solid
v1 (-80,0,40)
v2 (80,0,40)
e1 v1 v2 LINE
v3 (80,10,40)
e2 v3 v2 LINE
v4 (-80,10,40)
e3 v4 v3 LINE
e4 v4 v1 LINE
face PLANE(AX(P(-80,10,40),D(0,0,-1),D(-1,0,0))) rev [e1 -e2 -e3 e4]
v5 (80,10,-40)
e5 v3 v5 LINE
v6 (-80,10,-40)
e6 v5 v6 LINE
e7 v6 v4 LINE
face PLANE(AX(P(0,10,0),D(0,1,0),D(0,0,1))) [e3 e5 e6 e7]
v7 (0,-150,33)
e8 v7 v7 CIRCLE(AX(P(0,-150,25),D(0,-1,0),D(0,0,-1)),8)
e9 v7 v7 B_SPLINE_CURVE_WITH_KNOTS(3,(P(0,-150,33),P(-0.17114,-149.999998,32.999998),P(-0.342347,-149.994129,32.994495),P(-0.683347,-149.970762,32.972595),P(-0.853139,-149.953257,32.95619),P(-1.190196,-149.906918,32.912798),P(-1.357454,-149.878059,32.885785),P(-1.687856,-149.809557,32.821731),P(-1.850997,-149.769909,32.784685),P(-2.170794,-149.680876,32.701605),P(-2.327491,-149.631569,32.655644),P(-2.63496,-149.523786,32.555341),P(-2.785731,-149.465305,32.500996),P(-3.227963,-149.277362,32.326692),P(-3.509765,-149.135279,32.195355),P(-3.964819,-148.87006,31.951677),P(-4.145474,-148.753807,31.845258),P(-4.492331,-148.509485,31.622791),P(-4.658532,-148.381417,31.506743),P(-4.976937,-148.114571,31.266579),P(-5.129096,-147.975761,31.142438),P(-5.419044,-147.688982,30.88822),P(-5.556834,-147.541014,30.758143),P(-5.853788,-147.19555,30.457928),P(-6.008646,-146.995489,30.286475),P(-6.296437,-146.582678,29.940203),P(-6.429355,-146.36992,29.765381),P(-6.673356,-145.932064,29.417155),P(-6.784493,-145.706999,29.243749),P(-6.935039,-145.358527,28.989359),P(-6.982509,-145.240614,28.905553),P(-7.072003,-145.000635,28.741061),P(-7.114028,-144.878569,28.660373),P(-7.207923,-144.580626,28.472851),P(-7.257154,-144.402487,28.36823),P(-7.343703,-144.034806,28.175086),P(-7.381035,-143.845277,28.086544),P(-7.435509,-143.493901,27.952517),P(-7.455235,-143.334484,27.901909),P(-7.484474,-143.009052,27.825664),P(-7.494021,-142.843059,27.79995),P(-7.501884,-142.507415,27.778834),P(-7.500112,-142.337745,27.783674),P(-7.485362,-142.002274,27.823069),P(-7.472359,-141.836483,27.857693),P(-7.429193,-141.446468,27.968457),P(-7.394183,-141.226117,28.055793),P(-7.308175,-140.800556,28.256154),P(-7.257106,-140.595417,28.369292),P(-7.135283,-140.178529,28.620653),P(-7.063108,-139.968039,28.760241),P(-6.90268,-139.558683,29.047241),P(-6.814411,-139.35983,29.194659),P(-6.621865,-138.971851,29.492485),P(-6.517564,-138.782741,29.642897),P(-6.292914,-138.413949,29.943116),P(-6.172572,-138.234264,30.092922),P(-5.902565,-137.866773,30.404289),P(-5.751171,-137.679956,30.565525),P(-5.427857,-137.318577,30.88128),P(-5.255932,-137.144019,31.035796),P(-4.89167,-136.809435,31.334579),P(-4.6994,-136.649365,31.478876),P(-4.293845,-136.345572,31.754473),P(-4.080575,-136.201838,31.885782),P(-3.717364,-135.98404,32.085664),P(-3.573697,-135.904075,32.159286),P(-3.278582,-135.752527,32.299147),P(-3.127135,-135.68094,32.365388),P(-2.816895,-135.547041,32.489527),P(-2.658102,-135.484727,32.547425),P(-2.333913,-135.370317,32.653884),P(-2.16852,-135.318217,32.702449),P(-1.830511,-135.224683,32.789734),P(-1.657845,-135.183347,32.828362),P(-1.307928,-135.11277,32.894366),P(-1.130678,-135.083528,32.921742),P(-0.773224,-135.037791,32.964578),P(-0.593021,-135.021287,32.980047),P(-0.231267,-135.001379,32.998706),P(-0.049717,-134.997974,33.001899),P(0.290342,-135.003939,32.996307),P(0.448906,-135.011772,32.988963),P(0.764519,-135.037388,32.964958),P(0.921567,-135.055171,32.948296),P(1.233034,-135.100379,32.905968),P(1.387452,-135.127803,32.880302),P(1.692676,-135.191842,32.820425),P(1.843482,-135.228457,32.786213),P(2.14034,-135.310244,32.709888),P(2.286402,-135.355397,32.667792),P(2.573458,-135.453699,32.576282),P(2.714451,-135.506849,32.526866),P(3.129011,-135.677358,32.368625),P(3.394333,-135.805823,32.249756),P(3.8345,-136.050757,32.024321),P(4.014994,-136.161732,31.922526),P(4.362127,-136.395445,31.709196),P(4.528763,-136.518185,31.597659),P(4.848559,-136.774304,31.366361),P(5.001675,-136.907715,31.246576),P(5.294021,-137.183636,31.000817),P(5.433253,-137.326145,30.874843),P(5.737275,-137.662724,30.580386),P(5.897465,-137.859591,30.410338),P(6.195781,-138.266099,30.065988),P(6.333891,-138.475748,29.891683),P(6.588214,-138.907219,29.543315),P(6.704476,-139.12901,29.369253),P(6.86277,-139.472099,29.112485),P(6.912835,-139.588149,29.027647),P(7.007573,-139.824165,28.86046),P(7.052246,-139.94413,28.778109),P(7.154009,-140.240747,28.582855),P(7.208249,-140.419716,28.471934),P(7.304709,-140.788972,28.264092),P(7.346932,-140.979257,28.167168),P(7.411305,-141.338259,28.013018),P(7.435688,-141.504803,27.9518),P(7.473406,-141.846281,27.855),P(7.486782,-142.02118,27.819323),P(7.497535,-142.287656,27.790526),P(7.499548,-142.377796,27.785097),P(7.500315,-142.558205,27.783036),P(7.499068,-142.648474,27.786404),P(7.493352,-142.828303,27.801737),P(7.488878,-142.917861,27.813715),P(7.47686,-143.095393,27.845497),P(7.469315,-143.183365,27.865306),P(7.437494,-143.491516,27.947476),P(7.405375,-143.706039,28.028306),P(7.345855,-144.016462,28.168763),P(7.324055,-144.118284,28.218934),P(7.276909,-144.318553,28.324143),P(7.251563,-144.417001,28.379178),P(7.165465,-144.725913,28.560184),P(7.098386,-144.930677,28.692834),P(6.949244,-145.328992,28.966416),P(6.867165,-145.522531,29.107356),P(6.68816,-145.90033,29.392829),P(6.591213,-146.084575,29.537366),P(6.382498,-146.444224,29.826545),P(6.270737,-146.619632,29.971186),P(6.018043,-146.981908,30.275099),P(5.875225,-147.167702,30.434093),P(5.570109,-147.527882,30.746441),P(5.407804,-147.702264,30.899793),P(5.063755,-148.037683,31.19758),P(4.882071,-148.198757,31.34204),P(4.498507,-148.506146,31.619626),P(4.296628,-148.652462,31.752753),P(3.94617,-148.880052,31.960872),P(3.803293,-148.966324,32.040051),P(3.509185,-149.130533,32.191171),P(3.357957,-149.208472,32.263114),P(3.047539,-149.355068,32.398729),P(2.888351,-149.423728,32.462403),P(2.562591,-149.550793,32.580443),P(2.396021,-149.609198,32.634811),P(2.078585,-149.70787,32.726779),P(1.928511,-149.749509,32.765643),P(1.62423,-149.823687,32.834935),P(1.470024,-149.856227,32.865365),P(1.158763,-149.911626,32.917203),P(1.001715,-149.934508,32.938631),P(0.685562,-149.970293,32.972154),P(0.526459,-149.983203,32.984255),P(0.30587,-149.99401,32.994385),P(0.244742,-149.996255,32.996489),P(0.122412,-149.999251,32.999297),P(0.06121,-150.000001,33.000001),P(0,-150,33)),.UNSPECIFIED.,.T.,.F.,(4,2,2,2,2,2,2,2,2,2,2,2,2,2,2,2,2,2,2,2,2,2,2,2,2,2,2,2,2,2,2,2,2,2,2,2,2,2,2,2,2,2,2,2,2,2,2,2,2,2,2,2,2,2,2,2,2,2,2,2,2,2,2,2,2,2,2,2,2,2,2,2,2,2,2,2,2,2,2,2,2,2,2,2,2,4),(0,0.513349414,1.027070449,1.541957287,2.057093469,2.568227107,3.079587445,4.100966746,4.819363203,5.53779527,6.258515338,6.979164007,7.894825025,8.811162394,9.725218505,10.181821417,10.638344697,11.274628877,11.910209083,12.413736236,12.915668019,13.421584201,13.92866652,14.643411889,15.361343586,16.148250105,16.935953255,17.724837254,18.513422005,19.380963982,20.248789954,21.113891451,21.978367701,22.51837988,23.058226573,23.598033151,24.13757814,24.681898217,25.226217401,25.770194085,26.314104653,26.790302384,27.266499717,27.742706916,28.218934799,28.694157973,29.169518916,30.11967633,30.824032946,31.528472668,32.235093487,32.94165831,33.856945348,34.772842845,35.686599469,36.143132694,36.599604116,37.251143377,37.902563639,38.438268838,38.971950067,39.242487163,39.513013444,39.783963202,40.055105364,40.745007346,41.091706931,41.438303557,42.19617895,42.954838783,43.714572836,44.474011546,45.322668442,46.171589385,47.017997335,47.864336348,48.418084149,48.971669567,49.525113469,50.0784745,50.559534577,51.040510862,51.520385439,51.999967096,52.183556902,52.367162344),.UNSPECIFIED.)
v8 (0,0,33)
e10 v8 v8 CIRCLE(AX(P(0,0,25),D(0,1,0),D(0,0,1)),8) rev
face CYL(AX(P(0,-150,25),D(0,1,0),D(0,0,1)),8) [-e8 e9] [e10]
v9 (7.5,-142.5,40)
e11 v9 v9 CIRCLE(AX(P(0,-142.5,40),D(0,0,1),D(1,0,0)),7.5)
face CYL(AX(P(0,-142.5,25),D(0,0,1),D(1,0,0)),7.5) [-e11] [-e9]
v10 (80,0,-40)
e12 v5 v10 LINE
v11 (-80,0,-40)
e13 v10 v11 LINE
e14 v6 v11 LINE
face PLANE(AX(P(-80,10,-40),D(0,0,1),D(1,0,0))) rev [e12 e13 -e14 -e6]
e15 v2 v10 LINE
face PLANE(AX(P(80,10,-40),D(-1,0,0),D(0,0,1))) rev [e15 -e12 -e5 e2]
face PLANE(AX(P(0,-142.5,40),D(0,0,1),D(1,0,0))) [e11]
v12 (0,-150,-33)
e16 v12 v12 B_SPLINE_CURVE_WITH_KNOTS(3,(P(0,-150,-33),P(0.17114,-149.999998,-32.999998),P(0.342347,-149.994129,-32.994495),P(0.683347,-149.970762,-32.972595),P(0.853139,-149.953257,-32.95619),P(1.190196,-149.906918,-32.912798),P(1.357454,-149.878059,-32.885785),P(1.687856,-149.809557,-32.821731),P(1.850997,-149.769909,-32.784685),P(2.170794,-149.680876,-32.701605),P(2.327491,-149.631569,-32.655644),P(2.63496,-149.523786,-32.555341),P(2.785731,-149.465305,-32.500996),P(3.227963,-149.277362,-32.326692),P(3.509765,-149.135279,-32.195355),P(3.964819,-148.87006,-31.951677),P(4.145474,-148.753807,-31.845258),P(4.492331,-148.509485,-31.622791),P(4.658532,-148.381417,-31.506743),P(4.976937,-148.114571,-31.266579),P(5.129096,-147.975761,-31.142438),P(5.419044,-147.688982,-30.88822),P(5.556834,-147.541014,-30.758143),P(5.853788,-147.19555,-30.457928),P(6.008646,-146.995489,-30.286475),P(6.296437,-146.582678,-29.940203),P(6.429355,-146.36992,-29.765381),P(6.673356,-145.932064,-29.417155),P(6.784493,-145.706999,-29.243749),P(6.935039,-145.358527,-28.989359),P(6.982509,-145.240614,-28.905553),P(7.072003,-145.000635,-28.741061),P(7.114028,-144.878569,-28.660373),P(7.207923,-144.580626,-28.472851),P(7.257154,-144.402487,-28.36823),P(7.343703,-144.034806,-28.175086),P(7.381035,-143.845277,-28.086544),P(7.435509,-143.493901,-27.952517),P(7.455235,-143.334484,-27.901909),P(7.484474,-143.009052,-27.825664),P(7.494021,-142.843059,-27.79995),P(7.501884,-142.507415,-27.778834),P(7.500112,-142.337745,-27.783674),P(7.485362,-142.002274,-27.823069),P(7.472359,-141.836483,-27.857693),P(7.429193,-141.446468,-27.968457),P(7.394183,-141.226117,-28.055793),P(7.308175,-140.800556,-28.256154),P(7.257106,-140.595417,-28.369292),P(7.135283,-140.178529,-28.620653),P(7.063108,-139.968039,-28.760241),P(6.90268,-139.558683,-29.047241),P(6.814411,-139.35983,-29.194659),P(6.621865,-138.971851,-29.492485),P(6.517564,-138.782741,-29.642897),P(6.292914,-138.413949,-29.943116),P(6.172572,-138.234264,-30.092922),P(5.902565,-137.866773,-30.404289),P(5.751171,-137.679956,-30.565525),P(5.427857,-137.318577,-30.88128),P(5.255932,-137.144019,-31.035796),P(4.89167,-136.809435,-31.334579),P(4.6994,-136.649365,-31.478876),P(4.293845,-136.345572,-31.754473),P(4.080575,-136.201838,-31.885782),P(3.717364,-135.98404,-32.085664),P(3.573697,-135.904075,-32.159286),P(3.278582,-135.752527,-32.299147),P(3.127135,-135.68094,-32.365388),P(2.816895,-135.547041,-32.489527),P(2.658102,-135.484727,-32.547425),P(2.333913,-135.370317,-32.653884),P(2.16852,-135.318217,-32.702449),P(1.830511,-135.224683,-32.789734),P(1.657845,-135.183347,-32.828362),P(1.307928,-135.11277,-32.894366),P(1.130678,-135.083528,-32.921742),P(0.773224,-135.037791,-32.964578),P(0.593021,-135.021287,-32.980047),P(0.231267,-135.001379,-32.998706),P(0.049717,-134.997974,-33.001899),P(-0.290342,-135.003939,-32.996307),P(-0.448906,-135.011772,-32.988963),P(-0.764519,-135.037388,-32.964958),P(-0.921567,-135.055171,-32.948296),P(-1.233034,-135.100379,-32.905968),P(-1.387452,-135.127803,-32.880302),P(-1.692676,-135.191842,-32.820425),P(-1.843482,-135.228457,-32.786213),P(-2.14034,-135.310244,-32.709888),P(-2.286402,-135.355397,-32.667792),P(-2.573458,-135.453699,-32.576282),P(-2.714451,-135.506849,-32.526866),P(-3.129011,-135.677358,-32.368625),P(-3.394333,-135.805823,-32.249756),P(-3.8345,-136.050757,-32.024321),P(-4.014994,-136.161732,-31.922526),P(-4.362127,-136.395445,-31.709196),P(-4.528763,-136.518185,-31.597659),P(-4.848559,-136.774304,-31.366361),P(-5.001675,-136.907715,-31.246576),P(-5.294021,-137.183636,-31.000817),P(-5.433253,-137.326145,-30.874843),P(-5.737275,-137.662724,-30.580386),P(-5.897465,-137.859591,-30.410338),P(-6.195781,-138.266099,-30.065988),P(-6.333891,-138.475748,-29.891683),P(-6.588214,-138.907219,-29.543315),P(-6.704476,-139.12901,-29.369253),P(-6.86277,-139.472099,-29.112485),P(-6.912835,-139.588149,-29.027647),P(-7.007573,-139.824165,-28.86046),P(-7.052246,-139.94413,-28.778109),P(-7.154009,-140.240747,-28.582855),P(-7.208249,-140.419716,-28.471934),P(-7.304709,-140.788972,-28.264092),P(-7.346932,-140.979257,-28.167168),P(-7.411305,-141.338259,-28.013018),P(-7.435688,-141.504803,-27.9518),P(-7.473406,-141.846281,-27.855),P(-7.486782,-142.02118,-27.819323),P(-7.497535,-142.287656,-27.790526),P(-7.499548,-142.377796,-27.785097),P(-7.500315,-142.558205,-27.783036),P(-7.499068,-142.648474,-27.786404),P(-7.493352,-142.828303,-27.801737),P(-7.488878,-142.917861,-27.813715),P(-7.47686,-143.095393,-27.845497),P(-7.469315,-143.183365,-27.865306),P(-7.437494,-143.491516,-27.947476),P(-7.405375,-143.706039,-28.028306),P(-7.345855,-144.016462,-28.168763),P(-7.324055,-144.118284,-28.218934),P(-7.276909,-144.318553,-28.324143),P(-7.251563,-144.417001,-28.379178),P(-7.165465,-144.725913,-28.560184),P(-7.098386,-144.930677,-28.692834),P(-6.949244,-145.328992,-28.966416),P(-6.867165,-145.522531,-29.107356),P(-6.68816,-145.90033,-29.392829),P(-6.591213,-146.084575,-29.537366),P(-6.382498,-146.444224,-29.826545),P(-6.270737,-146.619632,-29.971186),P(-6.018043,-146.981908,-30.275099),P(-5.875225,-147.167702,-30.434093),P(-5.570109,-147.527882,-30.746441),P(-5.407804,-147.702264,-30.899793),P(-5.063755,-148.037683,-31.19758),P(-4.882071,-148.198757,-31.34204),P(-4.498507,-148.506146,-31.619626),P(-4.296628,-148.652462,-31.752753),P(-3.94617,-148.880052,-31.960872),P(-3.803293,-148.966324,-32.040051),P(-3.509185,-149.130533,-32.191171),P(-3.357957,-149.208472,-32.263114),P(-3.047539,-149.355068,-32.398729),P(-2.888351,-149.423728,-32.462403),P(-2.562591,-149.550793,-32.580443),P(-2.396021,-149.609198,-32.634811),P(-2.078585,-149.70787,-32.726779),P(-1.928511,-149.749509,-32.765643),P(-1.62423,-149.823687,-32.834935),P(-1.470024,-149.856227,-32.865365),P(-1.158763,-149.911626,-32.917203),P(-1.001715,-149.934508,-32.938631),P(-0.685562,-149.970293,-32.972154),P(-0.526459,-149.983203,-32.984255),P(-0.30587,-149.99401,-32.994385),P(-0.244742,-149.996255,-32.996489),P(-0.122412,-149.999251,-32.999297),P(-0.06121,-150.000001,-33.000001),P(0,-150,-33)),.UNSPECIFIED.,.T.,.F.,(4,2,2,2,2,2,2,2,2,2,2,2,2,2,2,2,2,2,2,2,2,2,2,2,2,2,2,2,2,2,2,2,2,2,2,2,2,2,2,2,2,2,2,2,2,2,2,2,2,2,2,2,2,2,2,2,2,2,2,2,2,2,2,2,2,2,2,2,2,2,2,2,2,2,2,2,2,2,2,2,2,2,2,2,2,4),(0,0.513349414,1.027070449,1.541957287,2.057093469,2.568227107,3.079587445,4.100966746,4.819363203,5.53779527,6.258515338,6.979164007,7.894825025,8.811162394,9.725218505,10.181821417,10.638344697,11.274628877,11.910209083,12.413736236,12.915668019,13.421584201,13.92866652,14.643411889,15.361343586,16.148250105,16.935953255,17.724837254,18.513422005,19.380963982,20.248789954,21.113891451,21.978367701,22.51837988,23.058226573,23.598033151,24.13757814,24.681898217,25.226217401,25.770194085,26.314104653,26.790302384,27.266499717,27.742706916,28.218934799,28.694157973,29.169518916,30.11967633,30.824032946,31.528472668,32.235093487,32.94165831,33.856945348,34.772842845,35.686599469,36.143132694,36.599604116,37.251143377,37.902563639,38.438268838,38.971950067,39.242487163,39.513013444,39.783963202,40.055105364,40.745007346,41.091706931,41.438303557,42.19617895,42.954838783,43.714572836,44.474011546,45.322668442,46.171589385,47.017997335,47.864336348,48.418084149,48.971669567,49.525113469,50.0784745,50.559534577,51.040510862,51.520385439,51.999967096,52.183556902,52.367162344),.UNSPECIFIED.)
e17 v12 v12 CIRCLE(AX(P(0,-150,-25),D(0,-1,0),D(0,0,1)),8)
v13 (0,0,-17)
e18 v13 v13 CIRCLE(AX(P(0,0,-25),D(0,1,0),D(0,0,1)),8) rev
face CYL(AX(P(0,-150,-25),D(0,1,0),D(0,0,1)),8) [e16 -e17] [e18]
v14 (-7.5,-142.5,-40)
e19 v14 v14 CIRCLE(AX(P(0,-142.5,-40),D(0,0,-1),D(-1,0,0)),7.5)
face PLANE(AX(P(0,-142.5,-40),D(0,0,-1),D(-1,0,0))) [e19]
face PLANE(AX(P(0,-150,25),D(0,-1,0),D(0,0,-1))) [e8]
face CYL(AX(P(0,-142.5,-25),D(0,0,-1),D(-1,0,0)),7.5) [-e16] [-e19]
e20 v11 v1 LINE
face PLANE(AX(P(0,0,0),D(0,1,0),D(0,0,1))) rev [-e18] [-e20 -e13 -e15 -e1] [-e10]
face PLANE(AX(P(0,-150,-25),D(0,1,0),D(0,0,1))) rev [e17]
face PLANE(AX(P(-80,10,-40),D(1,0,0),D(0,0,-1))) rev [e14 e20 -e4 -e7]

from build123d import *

# Parameters (mm, degrees)
SKETCH_1_W      = 160
SKETCH_1_H      = 80
EXTRUDE_1_DEPTH = 10
SKETCH_2_R      = 8
EXTRUDE_2_DEPTH = 150
SKETCH_3_R      = 7.5
EXTRUDE_3_DEPTH = 15
EXTRUDE_START   = -15
SKETCH_4_R      = 7.5
EXTRUDE_4_DEPTH = 15


with BuildPart() as part:
    # 草图1 → 凸台-拉伸1 (new body)
    with BuildSketch(Plane(origin=(0, 0, 0), x_dir=(1, 0, 0), z_dir=(0, 1, 0))):
        Rectangle(SKETCH_1_W, SKETCH_1_H)
    extrude(amount=EXTRUDE_1_DEPTH)

    # 草图2 → 凸台-拉伸2 (add)
    with BuildSketch(Plane.XZ):
        with Locations(Location((0, 25, 0), (0, 0, 90))):
            Circle(SKETCH_2_R)
        with Locations(Location((0, -25, 0), (0, 0, 90))):
            Circle(SKETCH_2_R)
    extrude(amount=EXTRUDE_2_DEPTH)

    # 草图3 → 凸台-拉伸3 (add)
    with BuildSketch(Plane(origin=(0, 0, -40), x_dir=(-1, 0, 0), z_dir=(0, 0, -1))):
        with Locations((0, -142.5)):
            Circle(SKETCH_3_R)
    extrude(amount=-EXTRUDE_3_DEPTH)

    # 草图4 → 凸台-拉伸4 (add)
    with BuildSketch(Plane.XY.offset(40).offset(EXTRUDE_START)):
        with Locations(Location((0, -142.5, 0), (0, 0, 180))):
            Circle(SKETCH_4_R)
    extrude(amount=EXTRUDE_4_DEPTH)


solid = part.part
